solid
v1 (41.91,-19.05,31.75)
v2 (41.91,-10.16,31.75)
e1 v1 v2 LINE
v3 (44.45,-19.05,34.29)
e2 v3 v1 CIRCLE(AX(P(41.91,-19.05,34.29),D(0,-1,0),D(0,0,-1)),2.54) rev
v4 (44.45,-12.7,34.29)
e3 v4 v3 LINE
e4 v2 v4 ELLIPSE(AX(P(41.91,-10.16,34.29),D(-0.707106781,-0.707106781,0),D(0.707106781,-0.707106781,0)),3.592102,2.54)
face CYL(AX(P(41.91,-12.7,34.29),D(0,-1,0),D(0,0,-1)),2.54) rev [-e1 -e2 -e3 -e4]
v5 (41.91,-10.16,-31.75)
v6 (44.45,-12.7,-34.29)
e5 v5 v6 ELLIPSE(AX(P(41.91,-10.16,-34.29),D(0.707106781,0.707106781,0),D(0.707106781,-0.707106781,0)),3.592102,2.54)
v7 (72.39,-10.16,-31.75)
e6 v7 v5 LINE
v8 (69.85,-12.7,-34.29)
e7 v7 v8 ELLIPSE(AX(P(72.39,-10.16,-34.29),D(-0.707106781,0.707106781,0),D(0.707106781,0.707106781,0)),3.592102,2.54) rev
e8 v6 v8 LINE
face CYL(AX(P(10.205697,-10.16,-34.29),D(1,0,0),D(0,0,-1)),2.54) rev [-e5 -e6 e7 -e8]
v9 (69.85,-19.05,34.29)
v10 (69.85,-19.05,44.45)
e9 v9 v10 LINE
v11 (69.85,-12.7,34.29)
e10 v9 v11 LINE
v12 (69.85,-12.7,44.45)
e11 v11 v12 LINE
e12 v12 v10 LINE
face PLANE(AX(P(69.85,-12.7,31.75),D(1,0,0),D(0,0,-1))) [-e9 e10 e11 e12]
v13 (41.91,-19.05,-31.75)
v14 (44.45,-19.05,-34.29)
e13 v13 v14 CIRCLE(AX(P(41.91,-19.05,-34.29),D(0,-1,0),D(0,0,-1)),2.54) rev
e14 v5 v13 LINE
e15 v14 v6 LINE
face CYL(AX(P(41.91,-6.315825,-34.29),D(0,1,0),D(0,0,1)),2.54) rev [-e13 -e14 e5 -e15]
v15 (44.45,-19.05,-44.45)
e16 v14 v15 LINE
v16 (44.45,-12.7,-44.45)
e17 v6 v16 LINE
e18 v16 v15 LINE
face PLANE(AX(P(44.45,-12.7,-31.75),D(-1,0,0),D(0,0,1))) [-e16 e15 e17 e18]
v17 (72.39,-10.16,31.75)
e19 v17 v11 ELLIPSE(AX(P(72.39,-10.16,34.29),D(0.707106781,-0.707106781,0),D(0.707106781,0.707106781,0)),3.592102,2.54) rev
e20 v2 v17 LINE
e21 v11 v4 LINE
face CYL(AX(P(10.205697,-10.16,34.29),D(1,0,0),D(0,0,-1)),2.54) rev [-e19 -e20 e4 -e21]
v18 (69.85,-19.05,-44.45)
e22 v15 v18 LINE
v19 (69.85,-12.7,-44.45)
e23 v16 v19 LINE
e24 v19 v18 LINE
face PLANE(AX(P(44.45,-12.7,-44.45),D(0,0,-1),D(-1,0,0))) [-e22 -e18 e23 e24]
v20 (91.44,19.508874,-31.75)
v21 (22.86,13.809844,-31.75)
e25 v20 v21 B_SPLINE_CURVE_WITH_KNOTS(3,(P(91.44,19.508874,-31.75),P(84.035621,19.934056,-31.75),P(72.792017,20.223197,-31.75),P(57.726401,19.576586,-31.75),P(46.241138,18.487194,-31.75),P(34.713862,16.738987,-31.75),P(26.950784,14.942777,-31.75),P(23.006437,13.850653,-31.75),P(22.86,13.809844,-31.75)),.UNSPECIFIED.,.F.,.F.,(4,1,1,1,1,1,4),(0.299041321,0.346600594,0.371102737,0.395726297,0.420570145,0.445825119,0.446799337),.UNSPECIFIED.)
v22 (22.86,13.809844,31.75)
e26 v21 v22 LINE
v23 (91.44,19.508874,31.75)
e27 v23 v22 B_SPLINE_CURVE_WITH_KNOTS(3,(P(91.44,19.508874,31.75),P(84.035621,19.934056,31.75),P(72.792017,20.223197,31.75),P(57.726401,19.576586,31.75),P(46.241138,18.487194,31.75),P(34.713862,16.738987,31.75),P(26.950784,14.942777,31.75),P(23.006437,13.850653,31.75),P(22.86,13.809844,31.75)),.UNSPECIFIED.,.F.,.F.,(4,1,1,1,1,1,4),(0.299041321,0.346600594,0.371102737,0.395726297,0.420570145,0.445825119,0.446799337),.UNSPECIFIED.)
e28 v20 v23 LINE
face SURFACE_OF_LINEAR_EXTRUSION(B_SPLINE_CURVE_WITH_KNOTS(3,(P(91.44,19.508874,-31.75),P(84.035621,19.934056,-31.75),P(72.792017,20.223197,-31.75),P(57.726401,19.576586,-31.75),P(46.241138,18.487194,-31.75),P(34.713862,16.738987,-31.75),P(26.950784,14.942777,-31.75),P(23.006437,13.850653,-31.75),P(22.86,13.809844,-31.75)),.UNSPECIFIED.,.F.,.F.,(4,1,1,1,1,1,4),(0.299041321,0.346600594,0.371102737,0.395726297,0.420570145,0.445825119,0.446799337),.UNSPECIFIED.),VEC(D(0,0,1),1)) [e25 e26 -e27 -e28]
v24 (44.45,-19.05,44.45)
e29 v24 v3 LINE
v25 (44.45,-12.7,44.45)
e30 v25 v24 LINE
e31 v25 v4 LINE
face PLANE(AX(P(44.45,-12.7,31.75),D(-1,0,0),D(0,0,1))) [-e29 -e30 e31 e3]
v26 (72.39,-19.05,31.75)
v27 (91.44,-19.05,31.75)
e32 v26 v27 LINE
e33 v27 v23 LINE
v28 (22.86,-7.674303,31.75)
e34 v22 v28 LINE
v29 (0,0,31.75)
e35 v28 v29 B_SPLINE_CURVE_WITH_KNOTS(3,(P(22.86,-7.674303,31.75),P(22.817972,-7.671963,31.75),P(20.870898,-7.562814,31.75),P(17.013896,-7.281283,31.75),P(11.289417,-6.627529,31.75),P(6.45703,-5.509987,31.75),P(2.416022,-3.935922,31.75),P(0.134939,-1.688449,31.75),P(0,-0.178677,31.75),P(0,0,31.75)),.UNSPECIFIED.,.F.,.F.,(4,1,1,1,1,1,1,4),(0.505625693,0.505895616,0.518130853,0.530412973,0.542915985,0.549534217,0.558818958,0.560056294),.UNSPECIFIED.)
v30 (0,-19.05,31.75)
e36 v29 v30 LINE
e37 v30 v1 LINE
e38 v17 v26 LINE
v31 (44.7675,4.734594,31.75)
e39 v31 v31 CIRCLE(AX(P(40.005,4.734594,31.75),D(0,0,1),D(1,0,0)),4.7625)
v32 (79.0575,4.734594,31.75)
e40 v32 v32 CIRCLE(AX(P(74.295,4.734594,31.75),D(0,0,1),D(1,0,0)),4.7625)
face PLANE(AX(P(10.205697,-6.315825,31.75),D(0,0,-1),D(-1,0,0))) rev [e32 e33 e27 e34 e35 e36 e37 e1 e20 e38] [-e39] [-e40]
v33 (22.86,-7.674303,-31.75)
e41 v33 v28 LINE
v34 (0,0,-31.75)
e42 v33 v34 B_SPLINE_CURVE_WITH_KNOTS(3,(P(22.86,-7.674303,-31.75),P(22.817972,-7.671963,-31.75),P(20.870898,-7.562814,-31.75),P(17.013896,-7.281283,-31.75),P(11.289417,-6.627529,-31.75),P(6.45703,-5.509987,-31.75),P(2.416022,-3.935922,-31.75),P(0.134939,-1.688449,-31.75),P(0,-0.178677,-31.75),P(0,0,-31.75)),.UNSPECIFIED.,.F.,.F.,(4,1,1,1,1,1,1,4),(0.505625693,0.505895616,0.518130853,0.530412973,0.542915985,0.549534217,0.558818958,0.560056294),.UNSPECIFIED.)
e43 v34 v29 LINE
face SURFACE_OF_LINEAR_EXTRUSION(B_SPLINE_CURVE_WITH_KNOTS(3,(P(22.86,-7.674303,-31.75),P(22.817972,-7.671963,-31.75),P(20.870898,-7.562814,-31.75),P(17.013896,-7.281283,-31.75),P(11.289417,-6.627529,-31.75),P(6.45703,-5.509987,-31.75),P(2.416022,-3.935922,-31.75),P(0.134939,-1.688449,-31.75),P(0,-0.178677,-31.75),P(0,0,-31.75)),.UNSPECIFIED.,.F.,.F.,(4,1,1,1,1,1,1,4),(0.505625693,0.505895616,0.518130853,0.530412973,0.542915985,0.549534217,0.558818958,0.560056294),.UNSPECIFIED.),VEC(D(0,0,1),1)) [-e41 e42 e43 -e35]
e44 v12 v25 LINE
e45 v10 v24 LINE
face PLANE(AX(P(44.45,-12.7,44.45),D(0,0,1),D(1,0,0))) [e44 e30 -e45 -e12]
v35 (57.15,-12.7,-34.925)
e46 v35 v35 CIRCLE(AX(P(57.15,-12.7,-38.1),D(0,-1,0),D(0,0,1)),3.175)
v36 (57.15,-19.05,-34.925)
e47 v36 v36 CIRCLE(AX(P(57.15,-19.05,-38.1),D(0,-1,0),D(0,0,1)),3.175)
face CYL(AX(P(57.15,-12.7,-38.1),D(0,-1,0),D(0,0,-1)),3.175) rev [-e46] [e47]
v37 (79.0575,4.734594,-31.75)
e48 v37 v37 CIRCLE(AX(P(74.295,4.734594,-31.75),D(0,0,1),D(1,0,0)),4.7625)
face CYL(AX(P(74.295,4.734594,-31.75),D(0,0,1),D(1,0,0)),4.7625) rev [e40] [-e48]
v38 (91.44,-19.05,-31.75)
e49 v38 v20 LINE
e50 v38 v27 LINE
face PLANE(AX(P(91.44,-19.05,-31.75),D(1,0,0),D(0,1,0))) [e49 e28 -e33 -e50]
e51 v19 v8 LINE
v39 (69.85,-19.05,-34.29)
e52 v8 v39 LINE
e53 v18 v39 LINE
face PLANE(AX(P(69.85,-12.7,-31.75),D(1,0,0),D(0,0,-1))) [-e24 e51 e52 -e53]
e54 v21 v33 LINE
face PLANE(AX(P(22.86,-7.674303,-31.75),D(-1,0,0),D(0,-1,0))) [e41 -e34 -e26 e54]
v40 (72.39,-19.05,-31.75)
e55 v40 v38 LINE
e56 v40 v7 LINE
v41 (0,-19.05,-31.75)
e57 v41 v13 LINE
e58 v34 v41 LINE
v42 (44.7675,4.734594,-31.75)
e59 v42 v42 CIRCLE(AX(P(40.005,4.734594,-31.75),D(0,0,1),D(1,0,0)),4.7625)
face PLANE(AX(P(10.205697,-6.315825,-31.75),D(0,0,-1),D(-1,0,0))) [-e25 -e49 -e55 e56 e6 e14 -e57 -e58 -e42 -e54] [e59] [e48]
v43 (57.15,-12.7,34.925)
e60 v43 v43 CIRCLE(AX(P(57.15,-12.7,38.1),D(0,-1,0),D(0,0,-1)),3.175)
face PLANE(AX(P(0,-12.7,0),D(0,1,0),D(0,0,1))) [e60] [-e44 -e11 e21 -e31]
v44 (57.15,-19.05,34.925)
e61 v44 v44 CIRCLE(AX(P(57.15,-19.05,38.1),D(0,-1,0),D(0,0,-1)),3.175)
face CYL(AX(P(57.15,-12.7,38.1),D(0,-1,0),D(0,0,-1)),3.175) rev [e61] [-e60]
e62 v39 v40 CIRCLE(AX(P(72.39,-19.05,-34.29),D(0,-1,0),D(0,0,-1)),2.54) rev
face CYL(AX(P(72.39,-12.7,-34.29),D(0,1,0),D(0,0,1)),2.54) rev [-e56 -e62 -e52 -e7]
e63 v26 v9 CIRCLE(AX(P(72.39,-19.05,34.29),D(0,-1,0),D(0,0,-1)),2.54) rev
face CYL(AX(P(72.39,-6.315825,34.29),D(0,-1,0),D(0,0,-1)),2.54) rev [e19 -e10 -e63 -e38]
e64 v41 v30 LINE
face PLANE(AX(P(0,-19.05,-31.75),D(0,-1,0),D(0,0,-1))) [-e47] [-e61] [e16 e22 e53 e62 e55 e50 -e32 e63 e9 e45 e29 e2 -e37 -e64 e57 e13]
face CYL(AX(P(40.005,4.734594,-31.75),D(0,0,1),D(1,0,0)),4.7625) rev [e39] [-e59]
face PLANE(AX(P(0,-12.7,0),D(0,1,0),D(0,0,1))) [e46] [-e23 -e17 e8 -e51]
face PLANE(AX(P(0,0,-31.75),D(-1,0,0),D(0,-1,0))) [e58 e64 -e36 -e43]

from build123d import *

# Parameters (mm, degrees)
BOSS_EXTRUDE2_DEPTH      = 31.75
BOSS_EXTRUDE2_DEPTH_BACK = 31.75
SKETCH6_R                = 4.7625
SKETCH7_W                = 25.4
SKETCH7_H                = 12.7
SKETCH7_R                = 3.175
BOSS_EXTRUDE3_DEPTH      = 6.35
FILLET2_R                = 2.54


with BuildPart() as part:
    # Sketch6 → Boss-Extrude2 (new, two sides: drawn at the far end of the back side and taken through both)
    with BuildSketch(Plane.XY.offset(-BOSS_EXTRUDE2_DEPTH_BACK)):
        with BuildLine():
            Line((0, 0), (0, -19.05))
            Line((0, -19.05), (91.44, -19.05))
            Line((91.44, -19.05), (91.44, 19.508873689))
            add(Edge.make_bspline(
                [(91.44, 19.508873689), (84.035620806, 19.934056268), (72.792017375, 20.223197155), (57.72640102, 19.576586177), (46.241137994, 18.487194162), (34.713862172, 16.738987134), (26.950784486, 14.94277721), (23.006436851, 13.850652949), (22.86, 13.80984362)],
                knots=[0.299041321, 0.299041321, 0.299041321, 0.299041321, 0.346600594, 0.371102737, 0.395726297, 0.420570145, 0.445825119, 0.446799337, 0.446799337, 0.446799337, 0.446799337], degree=3))
            Line((22.86, 13.80984362), (22.86, -7.674303273))
            add(Edge.make_bspline(
                [(0, 0), (0, -0.17867716), (0.134938936, -1.688448649), (2.416021962, -3.935922156), (6.457030189, -5.50998662), (11.289417386, -6.62752917), (17.013896112, -7.281283102), (20.870897646, -7.562814069), (22.817971884, -7.671962522), (22.86, -7.674303273)],
                knots=[0.505625693, 0.505625693, 0.505625693, 0.505625693, 0.506863029, 0.51614777, 0.522766003, 0.535269014, 0.547551134, 0.559786371, 0.560056294, 0.560056294, 0.560056294, 0.560056294], degree=3))
        make_face()
        with Locations((40.005, 4.734594188)):
            Circle(SKETCH6_R, mode=Mode.SUBTRACT)
        with Locations((74.295, 4.734594188)):
            Circle(SKETCH6_R, mode=Mode.SUBTRACT)
    extrude(amount=BOSS_EXTRUDE2_DEPTH + BOSS_EXTRUDE2_DEPTH_BACK)

    # Sketch7 → Boss-Extrude3 (add)
    # profile 1 of 2: a face of its own
    with BuildSketch(Plane.XZ.offset(19.05)):
        with Locations((57.15, 38.1)):
            Rectangle(SKETCH7_W, SKETCH7_H)
        with Locations((57.15, 38.1)):
            Circle(SKETCH7_R, mode=Mode.SUBTRACT)
    # profile 2 of 2: a face of its own
    with BuildSketch(Plane.XZ.offset(19.05)):
        with Locations((57.15, -38.1)):
            Rectangle(SKETCH7_W, SKETCH7_H)
        with Locations((57.15, -38.1)):
            Circle(SKETCH7_R, mode=Mode.SUBTRACT)
    extrude(amount=-BOSS_EXTRUDE3_DEPTH)

    # Fillet2
    fillet2_edges = [part.edges().sort_by_distance(p)[0] for p in [
        (57.15, -12.7, 31.75),
        (44.45, -15.875, 31.75),
        (69.85, -15.875, 31.75),
        (57.15, -12.7, -31.75),
        (69.85, -15.875, -31.75),
        (44.45, -15.875, -31.75),
    ]]
    fillet(fillet2_edges, radius=FILLET2_R)


solid = part.part
